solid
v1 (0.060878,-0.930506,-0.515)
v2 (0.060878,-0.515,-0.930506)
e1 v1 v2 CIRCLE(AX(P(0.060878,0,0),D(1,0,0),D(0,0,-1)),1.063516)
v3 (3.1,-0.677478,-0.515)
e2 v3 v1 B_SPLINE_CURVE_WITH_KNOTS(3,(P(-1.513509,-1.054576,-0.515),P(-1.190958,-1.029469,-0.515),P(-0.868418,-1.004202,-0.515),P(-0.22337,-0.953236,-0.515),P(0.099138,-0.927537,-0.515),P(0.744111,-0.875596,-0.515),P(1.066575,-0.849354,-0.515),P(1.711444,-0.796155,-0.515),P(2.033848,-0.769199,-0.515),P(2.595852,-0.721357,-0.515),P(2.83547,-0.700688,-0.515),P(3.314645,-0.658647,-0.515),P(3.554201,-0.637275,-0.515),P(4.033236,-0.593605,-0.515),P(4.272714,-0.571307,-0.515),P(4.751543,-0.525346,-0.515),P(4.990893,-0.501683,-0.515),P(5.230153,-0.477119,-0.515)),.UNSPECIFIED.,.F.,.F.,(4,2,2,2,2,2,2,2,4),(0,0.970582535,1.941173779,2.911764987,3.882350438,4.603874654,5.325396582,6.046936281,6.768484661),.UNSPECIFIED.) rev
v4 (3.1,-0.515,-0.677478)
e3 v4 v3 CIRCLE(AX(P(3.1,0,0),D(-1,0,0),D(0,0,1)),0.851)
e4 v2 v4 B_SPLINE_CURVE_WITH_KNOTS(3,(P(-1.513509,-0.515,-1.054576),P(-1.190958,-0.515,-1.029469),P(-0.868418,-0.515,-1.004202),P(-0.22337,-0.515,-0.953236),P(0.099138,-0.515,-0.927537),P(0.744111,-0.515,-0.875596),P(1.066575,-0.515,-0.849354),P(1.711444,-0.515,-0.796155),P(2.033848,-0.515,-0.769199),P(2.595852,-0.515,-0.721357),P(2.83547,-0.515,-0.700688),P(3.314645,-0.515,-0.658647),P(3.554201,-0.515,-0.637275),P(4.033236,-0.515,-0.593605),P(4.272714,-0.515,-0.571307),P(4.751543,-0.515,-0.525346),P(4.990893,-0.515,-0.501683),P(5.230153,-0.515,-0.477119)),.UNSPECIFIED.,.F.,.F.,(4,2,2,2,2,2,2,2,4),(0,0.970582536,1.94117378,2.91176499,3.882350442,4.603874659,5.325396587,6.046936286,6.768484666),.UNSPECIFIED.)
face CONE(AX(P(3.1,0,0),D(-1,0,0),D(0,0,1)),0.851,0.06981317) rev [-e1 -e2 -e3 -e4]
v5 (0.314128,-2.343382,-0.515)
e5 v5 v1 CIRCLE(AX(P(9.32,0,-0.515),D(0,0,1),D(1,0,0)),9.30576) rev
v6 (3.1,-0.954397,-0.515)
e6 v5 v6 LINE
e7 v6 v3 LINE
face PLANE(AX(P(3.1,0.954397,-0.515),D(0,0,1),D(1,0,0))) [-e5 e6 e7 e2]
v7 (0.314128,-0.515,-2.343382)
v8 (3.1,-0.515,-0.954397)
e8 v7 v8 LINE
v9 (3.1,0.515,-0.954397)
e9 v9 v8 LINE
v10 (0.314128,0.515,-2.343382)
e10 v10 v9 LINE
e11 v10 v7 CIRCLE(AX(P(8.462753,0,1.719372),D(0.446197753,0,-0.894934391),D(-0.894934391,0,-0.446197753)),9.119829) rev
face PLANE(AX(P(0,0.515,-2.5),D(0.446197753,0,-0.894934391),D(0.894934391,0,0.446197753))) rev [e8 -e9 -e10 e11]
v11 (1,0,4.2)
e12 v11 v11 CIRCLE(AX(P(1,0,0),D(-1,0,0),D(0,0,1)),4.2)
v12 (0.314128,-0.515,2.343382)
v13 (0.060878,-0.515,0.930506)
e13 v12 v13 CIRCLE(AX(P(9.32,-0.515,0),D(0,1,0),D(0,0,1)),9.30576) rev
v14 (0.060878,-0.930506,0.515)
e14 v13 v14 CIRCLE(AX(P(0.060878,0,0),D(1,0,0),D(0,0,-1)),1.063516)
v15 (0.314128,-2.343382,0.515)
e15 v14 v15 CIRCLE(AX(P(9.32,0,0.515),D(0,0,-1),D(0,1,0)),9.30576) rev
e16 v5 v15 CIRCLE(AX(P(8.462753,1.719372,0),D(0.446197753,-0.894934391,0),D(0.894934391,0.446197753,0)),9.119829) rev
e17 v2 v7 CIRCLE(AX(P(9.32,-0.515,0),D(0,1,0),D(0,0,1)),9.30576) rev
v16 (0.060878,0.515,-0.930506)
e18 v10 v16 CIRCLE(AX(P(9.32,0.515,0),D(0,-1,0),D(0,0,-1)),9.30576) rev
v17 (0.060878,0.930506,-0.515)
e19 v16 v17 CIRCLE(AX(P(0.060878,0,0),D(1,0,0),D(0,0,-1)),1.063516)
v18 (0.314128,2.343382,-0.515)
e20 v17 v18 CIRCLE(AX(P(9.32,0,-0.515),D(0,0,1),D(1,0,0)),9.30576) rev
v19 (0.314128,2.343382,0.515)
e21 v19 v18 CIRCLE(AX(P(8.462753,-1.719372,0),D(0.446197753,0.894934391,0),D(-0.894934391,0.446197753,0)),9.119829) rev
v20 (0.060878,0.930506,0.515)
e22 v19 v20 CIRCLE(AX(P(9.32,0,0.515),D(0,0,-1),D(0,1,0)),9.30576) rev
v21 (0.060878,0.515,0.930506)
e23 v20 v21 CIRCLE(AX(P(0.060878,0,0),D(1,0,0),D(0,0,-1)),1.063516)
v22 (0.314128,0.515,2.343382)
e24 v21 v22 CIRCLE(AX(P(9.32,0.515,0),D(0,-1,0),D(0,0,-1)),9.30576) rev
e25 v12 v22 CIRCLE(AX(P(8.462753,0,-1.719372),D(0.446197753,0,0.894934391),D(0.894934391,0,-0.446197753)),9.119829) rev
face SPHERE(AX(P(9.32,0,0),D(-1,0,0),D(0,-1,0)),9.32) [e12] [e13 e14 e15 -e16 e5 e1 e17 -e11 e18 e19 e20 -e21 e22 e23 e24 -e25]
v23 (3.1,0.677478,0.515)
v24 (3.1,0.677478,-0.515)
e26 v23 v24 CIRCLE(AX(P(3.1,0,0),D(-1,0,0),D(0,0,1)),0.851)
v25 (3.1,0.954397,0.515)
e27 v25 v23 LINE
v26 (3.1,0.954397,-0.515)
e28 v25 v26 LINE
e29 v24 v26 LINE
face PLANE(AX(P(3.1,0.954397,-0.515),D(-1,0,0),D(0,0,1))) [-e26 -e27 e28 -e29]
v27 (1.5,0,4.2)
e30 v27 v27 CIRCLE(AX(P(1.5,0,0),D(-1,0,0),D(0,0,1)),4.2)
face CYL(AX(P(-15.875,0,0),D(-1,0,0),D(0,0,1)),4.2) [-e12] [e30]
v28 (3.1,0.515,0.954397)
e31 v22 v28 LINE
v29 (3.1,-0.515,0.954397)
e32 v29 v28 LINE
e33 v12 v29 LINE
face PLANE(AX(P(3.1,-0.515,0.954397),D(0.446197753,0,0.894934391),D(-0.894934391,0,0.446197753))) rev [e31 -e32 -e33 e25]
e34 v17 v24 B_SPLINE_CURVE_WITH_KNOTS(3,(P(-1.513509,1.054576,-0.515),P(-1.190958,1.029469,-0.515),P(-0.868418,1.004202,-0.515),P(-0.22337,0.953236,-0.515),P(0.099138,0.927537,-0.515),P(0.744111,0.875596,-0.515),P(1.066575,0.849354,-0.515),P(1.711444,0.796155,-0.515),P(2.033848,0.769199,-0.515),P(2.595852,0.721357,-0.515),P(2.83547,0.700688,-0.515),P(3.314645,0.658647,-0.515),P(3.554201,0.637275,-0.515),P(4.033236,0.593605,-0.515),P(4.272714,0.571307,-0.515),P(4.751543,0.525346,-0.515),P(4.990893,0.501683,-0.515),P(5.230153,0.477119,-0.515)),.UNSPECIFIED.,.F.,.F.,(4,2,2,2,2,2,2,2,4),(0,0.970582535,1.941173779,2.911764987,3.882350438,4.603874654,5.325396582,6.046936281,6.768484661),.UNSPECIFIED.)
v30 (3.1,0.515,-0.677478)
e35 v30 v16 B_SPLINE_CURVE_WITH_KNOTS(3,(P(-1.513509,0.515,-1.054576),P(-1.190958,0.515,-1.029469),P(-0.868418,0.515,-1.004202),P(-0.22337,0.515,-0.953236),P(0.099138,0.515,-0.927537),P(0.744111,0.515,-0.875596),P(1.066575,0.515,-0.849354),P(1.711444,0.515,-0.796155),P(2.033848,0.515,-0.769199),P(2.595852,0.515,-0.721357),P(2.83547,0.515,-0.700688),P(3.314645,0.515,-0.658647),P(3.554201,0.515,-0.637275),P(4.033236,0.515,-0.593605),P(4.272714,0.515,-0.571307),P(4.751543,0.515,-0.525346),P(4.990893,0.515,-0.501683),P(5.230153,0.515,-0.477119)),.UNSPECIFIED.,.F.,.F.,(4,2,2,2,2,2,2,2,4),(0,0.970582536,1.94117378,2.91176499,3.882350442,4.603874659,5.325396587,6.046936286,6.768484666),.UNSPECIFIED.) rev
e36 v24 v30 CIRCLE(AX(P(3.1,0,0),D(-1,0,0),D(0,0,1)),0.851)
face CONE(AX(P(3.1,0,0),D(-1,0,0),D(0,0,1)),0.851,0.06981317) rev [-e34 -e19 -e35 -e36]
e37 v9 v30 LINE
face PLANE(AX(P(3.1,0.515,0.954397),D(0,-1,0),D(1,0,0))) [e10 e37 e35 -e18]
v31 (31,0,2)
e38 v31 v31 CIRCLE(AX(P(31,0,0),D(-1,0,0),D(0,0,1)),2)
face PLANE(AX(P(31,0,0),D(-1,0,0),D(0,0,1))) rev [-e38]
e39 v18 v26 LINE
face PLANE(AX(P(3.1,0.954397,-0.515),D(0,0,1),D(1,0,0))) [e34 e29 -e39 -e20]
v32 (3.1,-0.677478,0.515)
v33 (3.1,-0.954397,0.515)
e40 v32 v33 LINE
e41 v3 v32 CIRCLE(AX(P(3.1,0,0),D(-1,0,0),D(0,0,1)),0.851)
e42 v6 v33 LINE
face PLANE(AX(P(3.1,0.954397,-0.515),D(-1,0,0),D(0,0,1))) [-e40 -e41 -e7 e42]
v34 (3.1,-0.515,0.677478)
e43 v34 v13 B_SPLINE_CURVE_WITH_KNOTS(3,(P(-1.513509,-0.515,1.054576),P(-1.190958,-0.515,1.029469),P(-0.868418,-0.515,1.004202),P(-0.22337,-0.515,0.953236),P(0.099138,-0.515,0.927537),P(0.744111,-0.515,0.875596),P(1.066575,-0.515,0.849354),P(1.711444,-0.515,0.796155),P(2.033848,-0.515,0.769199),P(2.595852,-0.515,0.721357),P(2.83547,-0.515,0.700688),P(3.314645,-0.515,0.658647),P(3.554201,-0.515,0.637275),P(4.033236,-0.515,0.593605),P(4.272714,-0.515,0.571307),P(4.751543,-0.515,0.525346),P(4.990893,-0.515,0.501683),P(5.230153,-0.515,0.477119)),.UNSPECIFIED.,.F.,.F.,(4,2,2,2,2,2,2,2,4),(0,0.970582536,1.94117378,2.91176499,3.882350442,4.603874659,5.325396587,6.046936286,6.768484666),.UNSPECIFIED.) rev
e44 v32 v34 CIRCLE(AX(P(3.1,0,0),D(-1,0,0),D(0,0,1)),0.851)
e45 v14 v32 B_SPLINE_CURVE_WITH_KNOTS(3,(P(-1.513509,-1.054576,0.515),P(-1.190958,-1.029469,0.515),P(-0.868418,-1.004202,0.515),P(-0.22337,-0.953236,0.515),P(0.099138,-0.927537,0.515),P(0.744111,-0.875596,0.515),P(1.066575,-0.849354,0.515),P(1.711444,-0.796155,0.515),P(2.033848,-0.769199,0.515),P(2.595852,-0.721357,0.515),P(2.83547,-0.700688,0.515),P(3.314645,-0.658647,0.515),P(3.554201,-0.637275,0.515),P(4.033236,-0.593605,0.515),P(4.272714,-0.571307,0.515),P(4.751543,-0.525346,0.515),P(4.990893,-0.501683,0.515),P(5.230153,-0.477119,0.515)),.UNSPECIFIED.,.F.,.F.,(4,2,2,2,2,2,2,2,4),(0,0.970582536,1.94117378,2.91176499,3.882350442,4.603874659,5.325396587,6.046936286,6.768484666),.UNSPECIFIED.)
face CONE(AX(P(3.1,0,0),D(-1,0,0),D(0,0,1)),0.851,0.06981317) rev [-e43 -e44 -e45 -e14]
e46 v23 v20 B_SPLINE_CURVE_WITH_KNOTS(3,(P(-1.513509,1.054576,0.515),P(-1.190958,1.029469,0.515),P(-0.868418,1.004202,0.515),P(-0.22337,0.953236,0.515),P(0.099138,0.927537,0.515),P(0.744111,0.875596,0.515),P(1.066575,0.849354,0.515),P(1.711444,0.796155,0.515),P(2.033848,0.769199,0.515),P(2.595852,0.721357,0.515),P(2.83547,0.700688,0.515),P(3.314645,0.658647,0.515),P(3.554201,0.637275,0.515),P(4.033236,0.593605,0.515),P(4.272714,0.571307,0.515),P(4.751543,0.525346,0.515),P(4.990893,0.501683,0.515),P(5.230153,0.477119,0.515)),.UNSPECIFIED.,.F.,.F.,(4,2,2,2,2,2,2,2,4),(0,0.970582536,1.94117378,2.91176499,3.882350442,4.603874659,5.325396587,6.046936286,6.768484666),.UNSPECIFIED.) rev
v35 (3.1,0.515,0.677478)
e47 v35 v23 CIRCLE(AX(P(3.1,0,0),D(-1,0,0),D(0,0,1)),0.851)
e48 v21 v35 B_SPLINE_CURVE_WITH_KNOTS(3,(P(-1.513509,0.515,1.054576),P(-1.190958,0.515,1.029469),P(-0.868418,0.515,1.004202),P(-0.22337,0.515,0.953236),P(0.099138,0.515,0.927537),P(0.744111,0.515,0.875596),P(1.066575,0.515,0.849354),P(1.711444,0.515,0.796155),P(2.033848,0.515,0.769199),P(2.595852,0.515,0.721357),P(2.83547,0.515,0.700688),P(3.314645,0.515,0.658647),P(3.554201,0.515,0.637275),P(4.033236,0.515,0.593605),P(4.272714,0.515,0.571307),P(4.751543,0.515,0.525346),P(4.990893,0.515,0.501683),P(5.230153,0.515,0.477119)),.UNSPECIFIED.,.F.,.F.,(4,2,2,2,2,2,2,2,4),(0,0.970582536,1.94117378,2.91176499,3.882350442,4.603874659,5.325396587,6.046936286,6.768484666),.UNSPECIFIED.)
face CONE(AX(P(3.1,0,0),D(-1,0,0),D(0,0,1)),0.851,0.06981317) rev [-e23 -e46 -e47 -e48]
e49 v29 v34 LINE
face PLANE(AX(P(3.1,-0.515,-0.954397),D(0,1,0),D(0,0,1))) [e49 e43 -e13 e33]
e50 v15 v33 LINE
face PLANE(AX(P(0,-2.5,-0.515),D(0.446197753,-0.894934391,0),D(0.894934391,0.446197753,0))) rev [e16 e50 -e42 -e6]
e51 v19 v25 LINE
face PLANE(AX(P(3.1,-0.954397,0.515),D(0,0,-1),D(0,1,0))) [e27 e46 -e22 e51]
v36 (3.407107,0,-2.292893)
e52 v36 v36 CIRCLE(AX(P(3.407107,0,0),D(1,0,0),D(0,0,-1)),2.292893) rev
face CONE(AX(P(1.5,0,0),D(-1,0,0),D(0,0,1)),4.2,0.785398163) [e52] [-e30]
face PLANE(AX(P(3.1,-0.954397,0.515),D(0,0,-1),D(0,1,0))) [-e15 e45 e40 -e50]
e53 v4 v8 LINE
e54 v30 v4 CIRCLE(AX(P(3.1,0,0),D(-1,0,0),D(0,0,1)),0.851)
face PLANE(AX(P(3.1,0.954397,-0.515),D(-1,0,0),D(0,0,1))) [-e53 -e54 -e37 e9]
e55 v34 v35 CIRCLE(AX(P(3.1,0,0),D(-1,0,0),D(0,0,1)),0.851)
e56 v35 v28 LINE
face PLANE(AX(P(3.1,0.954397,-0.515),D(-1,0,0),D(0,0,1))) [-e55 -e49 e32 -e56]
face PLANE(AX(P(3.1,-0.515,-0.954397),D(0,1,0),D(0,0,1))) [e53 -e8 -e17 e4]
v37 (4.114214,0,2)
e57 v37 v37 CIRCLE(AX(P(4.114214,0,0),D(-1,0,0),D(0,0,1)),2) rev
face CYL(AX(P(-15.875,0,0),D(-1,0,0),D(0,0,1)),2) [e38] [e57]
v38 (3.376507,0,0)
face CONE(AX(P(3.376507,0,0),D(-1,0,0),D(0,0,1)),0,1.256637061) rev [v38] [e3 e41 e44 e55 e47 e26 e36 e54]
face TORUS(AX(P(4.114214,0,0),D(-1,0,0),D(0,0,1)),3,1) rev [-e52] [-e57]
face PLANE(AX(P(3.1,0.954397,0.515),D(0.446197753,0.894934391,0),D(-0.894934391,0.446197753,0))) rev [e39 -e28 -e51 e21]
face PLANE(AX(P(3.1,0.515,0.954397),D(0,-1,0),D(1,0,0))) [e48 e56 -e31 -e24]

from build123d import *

# Parameters (mm, degrees)
FILLET1_R    = 1
RECPAT_COUNT = 2
RECPAT_ANGLE = 90


with BuildPart() as part:
    # BodySke → Base-Revolve (revolve)
    with BuildSketch(Plane.XY, mode=Mode.PRIVATE) as base_revolve_sk:
        with BuildLine():
            Line((0, 0), (31, 0))
            Line((31, 0), (31, 2))
            Line((31, 2), (3.7, 2))
            Line((3.7, 2), (1.5, 4.2))
            Line((1.5, 4.2), (1, 4.2))
            ThreePointArc((1, 4.2), (0.253446079, 2.158703314), (0, 0))
        make_face()
    revolve(base_revolve_sk.sketch.rotate(Axis((-15.875, 0, 0), (1, 0, 0)), 90), axis=Axis((-15.875, 0, 0), (1, 0, 0)))

    # Fillet1
    fillet1_edges = [part.edges().sort_by_distance(p)[0] for p in [
        (3.7, 0, -2),
    ]]
    fillet(fillet1_edges, radius=FILLET1_R)

    # Sketch3 → Recess section 0
    with BuildSketch(Plane(origin=(0, 0, 0), x_dir=(0, 0, -1), z_dir=(1, 0, 0))):
        with BuildLine():
            Line((0.515, -2.5), (-0.515, -2.5))
            Line((-0.515, -2.5), (-0.515, 2.5))
            Line((-0.515, 2.5), (0.515, 2.5))
            Line((0.515, 2.5), (0.515, -2.5))
        make_face()
    # Sketch4 → Recess section 1
    with BuildSketch(Plane(origin=(3.1, 0, 0), x_dir=(0, 0, -1), z_dir=(1, 0, 0))):
        with BuildLine():
            Line((0.515, -0.954397274), (-0.515, -0.954397274))
            Line((-0.515, -0.954397274), (-0.515, 0.954397274))
            Line((-0.515, 0.954397274), (0.515, 0.954397274))
            Line((0.515, 0.954397274), (0.515, -0.954397274))
        make_face()
    recess = loft(mode=Mode.SUBTRACT)

    # RecPat: Recess ×2 about axis
    recpat_axis = Axis((0, 0, 0), (1, 0, 0))
    for i in range(1, RECPAT_COUNT):
        add(recess.rotate(recpat_axis, i * RECPAT_ANGLE / (RECPAT_COUNT - 1)), mode=Mode.SUBTRACT)

    # RecCorSke → RecessCore (revolve, cut)
    with BuildSketch(Plane.XY, mode=Mode.PRIVATE) as recesscore_sk:
        Polygon((0, 0), (0, 1.067773117), (3.1, 0.851), (3.376506661, 0), align=None)
    revolve(recesscore_sk.sketch.rotate(Axis((-3.175, 0, 0), (1, 0, 0)), 90), axis=Axis((-3.175, 0, 0), (1, 0, 0)), mode=Mode.SUBTRACT)


solid = part.part
